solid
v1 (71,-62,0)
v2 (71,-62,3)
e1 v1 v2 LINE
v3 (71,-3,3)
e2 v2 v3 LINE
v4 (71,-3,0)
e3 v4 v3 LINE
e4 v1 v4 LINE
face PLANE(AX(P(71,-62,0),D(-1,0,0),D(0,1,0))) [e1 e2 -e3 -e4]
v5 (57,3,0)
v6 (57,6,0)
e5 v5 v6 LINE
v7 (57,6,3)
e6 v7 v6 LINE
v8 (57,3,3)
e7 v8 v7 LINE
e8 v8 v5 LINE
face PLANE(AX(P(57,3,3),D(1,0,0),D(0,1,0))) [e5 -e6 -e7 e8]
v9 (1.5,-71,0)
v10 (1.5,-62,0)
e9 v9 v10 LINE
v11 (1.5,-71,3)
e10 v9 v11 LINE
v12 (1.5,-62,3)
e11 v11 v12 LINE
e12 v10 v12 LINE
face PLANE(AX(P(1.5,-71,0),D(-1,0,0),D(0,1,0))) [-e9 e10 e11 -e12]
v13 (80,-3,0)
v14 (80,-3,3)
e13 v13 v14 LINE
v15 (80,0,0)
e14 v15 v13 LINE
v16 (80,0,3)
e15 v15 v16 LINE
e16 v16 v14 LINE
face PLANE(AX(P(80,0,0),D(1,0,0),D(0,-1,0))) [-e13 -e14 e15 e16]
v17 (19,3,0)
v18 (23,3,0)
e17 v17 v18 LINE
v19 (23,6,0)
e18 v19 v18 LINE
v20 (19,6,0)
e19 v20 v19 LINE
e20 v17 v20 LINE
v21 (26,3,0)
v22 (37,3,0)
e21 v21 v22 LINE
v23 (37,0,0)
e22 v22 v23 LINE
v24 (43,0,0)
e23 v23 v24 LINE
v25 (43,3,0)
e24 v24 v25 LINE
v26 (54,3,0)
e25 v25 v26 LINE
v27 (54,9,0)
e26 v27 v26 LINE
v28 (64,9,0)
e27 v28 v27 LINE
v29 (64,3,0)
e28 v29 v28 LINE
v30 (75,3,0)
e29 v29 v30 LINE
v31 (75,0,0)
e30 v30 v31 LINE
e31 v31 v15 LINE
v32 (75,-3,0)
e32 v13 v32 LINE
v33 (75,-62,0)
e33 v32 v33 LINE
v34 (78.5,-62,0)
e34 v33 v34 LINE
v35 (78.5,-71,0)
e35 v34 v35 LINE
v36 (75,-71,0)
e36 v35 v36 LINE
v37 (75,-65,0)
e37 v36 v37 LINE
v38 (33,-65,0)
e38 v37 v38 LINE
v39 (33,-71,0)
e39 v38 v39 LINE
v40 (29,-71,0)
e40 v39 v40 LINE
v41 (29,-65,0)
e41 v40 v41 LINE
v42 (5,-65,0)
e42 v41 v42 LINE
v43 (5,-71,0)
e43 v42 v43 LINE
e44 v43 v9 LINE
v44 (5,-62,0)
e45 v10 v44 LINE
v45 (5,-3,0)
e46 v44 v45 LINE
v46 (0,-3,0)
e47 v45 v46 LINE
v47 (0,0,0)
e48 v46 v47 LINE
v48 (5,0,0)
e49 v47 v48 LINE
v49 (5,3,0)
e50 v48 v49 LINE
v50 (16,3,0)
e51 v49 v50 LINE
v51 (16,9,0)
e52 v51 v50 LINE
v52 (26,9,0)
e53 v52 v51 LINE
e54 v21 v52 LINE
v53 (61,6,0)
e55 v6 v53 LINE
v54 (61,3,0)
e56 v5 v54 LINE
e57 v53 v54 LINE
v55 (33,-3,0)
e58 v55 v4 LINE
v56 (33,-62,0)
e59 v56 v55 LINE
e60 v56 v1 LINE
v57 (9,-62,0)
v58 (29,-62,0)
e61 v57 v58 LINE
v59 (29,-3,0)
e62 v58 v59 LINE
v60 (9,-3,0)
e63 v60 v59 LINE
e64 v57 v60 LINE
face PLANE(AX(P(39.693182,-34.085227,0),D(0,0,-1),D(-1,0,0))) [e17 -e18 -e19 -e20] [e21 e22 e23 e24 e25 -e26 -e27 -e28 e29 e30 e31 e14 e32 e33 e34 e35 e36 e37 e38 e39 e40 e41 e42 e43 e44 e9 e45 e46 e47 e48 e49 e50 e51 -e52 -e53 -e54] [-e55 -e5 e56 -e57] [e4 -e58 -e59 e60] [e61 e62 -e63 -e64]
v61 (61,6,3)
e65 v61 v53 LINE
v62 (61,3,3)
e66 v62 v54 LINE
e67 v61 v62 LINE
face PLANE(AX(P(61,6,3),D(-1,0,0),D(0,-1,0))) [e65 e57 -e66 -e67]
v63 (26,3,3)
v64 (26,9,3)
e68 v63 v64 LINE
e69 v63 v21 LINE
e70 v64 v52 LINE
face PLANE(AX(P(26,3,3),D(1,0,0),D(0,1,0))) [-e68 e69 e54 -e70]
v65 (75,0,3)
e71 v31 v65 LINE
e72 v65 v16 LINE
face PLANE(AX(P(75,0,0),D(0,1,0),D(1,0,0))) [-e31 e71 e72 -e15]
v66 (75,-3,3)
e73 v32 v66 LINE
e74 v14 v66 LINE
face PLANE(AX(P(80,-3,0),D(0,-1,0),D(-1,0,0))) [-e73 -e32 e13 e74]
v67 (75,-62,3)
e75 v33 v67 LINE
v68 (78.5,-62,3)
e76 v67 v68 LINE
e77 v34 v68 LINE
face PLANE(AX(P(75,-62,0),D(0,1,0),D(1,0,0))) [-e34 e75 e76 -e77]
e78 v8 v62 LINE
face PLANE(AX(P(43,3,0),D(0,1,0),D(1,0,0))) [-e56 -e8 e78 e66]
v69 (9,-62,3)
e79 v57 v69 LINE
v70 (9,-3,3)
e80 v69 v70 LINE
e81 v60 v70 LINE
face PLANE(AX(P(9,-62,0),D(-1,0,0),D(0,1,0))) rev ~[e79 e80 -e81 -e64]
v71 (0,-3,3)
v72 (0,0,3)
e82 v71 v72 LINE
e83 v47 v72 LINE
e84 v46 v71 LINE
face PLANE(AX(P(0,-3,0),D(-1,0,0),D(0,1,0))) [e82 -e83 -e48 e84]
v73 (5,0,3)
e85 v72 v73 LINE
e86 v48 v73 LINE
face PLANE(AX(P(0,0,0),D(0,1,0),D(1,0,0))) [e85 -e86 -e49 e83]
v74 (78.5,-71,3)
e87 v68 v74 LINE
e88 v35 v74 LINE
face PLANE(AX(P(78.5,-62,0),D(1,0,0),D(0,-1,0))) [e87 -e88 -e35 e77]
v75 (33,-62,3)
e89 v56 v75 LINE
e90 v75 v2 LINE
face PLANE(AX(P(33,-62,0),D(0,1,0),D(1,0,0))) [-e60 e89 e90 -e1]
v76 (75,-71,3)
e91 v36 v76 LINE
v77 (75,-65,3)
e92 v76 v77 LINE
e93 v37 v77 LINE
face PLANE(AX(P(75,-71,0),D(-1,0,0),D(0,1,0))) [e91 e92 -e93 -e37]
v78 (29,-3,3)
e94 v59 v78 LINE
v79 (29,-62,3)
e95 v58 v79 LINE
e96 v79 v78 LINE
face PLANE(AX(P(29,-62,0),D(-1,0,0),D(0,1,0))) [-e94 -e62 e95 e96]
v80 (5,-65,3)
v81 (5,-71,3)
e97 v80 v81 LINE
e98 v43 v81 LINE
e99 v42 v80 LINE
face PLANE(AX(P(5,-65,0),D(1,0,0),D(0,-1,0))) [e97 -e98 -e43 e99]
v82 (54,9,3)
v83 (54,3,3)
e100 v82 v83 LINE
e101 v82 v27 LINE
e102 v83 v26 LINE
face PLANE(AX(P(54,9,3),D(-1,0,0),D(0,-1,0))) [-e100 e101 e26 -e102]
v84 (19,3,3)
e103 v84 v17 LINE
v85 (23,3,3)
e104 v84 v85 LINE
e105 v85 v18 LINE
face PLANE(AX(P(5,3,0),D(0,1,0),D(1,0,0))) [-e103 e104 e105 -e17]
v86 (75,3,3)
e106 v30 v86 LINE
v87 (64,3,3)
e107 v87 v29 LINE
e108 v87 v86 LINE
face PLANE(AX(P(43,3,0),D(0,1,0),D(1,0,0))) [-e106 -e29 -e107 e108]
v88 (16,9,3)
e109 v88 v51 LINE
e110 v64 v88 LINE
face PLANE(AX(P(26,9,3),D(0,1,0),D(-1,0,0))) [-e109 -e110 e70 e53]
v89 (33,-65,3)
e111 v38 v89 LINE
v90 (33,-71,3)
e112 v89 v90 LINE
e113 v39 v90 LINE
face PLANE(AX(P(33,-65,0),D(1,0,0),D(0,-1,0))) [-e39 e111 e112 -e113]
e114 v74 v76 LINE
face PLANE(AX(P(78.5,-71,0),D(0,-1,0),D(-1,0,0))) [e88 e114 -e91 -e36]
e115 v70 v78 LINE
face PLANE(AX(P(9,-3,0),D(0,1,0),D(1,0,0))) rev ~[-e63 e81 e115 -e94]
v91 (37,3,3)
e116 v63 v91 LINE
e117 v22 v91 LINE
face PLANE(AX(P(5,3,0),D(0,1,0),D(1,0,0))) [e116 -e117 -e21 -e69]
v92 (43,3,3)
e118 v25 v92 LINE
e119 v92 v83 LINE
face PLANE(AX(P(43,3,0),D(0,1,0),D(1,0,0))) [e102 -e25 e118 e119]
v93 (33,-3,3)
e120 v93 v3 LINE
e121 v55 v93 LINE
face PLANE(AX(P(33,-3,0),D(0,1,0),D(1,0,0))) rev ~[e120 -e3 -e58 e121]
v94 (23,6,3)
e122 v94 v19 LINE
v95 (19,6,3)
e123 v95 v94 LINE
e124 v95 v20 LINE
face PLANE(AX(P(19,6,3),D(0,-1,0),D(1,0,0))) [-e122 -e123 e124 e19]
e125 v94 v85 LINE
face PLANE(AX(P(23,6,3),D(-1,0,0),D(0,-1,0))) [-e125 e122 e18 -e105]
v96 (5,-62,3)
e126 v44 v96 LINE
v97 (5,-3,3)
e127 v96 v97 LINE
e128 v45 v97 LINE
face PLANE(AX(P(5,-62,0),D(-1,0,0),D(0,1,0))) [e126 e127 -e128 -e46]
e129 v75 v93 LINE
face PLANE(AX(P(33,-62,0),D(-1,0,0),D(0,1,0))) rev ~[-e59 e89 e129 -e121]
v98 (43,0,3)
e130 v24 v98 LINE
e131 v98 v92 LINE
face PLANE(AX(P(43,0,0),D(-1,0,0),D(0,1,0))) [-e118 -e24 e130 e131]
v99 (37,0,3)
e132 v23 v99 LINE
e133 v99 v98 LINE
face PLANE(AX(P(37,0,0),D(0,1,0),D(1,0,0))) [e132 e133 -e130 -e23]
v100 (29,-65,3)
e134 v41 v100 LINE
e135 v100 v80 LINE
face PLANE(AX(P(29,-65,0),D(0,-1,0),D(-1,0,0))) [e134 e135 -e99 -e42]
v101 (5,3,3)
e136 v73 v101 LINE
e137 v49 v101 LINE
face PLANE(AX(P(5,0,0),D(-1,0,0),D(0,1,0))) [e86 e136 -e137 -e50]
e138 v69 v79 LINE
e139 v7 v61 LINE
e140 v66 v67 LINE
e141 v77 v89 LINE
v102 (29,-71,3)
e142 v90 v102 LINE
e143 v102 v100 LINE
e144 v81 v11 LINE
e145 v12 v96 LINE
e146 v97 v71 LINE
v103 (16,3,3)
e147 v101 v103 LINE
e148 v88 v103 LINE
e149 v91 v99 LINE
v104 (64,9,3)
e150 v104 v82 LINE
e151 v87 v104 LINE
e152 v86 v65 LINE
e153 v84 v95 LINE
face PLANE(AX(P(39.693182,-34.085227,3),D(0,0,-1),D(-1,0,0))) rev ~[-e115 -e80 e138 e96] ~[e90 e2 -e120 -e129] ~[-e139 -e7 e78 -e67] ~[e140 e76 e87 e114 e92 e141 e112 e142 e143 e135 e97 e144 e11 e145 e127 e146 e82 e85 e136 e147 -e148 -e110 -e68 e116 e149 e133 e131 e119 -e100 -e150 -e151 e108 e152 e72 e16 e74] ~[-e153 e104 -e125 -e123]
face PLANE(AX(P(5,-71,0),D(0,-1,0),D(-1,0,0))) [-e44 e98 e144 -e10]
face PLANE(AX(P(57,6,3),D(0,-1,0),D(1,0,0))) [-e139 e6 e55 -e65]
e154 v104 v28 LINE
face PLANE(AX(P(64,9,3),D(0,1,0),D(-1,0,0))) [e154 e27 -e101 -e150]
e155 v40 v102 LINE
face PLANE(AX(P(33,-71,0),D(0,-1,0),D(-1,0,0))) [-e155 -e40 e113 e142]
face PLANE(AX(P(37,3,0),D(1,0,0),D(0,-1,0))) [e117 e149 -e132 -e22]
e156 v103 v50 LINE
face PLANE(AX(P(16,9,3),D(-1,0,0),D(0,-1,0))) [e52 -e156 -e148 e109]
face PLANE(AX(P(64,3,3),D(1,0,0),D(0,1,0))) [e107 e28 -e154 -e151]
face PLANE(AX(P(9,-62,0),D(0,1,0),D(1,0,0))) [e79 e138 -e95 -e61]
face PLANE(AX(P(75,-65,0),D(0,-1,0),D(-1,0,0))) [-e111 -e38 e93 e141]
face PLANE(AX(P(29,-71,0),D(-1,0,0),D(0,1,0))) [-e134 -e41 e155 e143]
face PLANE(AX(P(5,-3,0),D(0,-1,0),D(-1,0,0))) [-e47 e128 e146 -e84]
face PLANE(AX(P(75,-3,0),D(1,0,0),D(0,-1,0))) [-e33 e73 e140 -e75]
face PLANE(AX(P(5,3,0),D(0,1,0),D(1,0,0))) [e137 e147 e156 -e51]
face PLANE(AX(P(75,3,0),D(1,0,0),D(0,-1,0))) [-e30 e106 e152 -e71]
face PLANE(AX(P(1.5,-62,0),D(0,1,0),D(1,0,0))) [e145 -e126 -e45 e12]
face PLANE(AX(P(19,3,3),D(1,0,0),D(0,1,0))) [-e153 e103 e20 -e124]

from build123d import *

# Parameters (mm, degrees)
SKETCH1_W           = 20
SKETCH1_H           = 59
SKETCH1_W_2         = 38
BOSS_EXTRUDE1_DEPTH = 3
BOSS_EXTRUDE2_DEPTH = 3


with BuildPart() as part:
    # Sketch1 → Boss-Extrude1 (new body)
    with BuildSketch(Plane.XY):
        Polygon((5, -3), (0, -3), (0, 0), (5, 0), (5, 3), (37, 3), (37, 0), (43, 0), (43, 3), (75, 3), (75, 0), (80, 0), (80, -3), (75, -3), (75, -62), (78.5, -62), (78.5, -71), (75, -71), (75, -65), (33, -65), (33, -71), (29, -71), (29, -65), (5, -65), (5, -71), (1.5, -71), (1.5, -62), (5, -62), align=None)
        with Locations((19, -32.5)):
            Rectangle(SKETCH1_W, SKETCH1_H, mode=Mode.SUBTRACT)
        with Locations((52, -32.5)):
            Rectangle(SKETCH1_W_2, SKETCH1_H, mode=Mode.SUBTRACT)
    extrude(amount=BOSS_EXTRUDE1_DEPTH)

    # Sketch2 → Boss-Extrude2 (add)
    with BuildSketch(Plane.XY.offset(3)):
        Polygon((16, 9), (16, 3), (19, 3), (19, 6), (23, 6), (23, 3), (26, 3), (26, 9), align=None)
        Polygon((54, 3), (57, 3), (57, 6), (61, 6), (61, 3), (64, 3), (64, 9), (54, 9), align=None)
    extrude(amount=-BOSS_EXTRUDE2_DEPTH)


solid = part.part
